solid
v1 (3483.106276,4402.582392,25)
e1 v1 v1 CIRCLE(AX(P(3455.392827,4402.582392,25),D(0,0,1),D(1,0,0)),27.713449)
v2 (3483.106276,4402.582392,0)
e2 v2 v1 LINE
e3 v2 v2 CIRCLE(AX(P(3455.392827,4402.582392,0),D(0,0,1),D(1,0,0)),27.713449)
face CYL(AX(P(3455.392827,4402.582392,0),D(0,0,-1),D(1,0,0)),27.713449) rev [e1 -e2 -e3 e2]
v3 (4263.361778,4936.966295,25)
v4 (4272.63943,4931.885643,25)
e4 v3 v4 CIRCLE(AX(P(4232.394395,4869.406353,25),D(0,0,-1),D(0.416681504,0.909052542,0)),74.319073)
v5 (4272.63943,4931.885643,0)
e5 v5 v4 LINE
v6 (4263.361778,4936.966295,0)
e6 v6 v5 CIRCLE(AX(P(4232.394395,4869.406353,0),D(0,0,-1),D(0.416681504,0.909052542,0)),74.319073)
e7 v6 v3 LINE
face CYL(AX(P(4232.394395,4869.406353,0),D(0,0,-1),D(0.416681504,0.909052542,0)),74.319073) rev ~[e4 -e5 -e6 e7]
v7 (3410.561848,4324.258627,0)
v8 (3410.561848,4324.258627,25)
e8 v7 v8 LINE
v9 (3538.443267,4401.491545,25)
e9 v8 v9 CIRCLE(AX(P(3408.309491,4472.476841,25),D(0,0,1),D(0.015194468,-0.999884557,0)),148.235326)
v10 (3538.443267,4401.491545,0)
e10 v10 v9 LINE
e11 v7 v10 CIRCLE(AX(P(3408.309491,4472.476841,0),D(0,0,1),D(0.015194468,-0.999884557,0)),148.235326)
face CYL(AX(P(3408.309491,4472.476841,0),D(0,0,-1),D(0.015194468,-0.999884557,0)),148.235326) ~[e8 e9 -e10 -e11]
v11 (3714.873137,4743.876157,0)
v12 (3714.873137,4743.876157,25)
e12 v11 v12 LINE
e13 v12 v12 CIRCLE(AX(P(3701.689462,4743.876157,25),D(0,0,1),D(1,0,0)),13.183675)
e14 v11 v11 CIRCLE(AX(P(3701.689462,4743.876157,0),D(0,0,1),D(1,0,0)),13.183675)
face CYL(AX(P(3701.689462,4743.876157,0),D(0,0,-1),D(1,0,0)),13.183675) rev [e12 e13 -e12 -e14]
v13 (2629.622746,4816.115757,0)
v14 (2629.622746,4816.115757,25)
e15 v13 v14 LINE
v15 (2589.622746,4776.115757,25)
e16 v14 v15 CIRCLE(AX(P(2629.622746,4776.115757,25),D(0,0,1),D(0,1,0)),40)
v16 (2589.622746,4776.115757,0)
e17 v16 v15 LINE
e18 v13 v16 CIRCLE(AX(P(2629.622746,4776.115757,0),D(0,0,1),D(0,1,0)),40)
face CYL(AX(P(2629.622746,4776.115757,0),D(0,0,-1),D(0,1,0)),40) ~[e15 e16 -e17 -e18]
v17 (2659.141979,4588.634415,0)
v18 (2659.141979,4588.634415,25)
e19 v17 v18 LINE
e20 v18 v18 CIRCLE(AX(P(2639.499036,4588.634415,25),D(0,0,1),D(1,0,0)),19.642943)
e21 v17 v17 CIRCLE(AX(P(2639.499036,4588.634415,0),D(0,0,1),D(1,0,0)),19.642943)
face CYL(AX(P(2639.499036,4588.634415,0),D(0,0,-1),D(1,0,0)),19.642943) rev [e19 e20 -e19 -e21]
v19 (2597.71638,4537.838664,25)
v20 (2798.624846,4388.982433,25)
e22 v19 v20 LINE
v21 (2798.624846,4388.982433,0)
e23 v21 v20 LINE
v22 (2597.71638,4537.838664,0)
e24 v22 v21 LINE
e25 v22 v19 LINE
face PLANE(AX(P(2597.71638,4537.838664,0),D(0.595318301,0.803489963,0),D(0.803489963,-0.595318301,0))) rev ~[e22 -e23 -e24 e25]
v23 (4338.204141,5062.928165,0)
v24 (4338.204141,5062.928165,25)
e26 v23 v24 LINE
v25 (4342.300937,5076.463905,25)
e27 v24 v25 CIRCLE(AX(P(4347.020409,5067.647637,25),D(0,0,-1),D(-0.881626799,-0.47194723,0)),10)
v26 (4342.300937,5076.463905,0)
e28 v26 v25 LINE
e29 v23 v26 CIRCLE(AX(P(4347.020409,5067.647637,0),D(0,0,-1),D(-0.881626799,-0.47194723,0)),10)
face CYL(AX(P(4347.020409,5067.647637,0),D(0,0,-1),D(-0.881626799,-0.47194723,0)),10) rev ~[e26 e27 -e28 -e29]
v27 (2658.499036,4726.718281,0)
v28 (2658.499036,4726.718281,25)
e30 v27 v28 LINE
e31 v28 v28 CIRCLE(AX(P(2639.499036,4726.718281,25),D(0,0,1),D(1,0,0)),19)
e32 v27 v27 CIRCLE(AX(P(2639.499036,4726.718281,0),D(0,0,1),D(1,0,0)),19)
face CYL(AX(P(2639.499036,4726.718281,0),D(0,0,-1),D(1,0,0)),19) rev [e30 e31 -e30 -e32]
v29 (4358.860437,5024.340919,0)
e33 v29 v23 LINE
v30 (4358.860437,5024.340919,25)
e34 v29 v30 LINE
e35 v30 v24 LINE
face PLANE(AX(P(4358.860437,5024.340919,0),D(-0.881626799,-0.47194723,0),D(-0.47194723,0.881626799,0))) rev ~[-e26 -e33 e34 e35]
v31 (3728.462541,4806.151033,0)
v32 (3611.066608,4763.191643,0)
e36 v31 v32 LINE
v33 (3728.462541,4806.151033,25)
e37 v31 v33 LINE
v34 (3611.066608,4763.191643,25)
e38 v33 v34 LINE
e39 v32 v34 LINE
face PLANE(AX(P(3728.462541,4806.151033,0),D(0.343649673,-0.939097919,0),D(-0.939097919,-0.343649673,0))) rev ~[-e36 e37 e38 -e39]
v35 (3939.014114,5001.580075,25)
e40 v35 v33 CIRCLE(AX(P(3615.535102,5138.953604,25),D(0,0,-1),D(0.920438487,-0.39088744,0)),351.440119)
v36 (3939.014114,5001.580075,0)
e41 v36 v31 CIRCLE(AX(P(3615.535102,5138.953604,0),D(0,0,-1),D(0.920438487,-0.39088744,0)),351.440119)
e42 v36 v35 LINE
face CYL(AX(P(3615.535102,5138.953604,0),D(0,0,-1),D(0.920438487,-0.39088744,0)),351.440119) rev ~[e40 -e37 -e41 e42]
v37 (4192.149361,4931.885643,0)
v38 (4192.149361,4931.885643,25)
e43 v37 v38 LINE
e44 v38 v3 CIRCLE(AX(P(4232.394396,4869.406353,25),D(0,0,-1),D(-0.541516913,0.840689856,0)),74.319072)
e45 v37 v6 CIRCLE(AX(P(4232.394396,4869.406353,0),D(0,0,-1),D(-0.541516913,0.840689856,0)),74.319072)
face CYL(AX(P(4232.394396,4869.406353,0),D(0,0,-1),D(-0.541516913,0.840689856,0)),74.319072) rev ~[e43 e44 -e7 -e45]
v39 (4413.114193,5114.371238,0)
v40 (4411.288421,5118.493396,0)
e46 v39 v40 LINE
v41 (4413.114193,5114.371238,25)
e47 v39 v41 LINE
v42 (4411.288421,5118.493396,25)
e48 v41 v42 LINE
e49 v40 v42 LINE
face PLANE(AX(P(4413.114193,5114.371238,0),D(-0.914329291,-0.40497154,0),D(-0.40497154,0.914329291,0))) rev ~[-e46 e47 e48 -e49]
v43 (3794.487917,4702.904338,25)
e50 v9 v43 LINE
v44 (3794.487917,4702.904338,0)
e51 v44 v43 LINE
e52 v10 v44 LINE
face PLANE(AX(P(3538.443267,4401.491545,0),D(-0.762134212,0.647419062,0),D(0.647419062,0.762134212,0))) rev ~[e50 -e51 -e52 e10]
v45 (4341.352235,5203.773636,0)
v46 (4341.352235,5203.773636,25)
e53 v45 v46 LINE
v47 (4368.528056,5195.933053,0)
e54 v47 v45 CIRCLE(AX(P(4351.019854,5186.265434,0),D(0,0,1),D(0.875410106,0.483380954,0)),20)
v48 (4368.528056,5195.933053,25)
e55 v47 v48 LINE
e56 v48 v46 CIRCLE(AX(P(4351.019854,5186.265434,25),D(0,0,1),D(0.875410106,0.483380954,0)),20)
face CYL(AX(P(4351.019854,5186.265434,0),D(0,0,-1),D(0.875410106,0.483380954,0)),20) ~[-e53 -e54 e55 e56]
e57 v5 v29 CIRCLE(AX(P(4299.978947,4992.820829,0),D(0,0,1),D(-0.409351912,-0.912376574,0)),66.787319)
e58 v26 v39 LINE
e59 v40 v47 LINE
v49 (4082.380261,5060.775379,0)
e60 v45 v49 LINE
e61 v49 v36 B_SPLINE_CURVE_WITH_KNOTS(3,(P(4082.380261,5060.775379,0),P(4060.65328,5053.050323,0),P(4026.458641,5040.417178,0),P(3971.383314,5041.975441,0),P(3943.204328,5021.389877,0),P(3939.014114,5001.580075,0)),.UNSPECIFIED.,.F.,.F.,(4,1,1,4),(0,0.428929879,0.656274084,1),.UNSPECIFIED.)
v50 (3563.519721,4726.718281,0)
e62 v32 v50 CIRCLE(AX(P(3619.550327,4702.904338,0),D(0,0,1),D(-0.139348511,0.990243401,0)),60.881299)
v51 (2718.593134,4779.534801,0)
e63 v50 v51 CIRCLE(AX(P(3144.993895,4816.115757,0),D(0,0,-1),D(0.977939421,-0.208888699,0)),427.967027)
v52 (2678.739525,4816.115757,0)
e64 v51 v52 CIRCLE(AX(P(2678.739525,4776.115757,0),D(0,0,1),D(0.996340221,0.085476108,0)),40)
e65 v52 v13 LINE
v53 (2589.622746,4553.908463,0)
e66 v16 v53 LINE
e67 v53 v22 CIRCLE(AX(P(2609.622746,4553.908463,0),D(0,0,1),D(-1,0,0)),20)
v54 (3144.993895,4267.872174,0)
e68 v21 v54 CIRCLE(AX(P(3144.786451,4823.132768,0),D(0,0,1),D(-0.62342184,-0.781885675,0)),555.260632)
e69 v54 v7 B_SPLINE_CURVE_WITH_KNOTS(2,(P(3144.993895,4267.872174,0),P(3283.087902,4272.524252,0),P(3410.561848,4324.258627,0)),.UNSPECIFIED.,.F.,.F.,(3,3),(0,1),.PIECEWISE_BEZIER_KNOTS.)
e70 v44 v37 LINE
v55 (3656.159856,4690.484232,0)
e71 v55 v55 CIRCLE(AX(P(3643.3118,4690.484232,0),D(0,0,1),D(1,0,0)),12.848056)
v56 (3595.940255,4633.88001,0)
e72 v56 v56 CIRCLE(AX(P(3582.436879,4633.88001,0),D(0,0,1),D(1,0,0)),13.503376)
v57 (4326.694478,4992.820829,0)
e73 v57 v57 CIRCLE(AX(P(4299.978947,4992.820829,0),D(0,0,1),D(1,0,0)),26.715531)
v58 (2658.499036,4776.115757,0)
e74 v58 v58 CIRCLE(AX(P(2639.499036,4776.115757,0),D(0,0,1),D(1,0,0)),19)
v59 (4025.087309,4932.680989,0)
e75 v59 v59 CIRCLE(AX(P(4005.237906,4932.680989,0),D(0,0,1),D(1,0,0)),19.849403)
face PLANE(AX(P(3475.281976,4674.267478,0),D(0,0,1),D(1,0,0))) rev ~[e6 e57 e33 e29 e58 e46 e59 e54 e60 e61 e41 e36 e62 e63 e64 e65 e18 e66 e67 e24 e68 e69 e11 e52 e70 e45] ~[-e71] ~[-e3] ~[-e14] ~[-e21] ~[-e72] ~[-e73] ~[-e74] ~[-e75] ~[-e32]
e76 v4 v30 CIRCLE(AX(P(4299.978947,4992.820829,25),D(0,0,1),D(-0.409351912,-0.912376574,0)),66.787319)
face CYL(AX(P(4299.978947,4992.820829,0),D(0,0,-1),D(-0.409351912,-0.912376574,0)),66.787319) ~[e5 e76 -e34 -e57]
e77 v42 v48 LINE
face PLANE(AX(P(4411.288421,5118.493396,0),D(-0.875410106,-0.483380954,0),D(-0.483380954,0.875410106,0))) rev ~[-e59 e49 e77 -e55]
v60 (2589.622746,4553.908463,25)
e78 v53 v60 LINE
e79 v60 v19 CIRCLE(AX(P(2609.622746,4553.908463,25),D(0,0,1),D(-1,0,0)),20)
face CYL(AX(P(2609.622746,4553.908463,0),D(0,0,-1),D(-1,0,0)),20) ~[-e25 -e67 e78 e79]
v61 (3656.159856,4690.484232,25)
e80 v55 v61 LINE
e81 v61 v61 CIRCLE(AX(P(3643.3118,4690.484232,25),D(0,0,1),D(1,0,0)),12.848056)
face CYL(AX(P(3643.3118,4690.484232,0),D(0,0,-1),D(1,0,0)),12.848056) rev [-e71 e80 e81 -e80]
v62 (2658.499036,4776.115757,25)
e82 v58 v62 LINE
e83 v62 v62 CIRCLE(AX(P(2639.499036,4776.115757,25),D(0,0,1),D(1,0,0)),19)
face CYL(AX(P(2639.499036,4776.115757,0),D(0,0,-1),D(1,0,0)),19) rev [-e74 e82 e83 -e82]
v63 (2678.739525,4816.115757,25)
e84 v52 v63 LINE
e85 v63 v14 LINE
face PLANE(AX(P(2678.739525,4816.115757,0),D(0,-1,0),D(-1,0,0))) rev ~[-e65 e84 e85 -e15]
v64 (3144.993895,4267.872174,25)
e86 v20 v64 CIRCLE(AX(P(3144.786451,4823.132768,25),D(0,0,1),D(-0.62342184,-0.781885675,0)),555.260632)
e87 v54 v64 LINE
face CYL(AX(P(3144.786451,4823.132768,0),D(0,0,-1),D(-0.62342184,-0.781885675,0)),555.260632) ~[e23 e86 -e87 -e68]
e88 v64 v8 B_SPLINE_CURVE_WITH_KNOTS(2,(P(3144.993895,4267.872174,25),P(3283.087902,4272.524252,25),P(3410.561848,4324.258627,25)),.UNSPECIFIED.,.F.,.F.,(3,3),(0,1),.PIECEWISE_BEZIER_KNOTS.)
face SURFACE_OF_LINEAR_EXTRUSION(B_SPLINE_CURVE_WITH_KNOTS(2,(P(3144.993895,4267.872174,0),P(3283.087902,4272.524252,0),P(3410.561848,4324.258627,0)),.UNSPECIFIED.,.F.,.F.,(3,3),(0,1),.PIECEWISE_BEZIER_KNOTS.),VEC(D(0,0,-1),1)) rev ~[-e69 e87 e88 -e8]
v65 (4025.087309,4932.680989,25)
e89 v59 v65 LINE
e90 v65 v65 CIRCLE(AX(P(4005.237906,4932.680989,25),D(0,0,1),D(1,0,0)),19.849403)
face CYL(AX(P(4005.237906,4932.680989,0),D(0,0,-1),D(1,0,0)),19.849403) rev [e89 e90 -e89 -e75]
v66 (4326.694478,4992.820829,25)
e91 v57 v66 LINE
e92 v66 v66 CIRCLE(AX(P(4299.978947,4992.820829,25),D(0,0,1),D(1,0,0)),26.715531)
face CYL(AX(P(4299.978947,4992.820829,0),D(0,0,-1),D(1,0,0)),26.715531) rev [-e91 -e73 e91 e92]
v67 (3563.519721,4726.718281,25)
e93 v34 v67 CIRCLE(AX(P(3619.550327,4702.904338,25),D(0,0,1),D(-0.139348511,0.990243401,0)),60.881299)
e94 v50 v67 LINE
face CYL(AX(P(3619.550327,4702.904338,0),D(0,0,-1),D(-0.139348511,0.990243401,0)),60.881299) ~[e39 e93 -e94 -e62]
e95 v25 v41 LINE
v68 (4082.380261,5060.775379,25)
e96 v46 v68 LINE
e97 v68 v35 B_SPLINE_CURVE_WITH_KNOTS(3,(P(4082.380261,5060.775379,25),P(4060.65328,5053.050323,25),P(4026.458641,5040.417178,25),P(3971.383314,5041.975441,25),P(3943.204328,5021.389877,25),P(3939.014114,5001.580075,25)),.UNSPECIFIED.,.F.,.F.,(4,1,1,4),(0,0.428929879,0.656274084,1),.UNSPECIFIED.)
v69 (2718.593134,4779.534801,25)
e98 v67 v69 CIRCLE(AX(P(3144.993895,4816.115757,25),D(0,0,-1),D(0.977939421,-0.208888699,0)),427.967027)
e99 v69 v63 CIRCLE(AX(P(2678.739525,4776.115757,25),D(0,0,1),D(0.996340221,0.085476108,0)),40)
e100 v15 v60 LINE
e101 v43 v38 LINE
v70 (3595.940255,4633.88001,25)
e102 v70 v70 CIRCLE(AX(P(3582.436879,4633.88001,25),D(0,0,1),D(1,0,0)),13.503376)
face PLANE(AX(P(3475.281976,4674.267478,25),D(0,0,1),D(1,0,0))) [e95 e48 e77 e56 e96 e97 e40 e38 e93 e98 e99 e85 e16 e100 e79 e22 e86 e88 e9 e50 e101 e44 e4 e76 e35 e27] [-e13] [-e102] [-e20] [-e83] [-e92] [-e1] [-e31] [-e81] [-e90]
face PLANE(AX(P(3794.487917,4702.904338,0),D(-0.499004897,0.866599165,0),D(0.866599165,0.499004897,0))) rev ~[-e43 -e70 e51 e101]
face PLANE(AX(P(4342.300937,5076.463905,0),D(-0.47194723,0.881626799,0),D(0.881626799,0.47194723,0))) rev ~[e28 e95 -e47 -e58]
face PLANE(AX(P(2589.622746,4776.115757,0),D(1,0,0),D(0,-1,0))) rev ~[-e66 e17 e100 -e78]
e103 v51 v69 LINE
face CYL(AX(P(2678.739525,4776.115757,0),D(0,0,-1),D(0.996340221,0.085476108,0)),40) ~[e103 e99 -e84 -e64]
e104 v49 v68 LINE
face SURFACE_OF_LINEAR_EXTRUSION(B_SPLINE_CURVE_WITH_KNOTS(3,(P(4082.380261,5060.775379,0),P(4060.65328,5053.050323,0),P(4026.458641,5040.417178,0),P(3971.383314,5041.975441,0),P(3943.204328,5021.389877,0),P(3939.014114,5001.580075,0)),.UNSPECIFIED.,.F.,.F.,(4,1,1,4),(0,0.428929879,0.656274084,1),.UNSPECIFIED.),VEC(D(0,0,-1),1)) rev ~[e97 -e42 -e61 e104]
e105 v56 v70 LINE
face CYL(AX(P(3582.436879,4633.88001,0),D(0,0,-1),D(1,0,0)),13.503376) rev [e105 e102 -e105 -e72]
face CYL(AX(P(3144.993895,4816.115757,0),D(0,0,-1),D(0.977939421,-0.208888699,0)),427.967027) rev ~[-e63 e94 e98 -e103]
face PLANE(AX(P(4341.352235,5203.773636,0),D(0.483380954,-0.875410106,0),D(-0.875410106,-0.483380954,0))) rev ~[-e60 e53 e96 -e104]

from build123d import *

# Parameters (mm, degrees)
ESBO_O1_R                = 27.71344859
ESBO_O1_R_2              = 19.642943244
ESBO_O1_R_3              = 19
ESBO_O1_R_4              = 13.503376128
ESBO_O1_R_5              = 12.848056377
ESBO_O1_R_6              = 13.183675058
ESBO_O1_R_7              = 19.84940304
ESBO_O1_R_8              = 26.715530758
RESSALTO_EXTRUS_O1_DEPTH = 25


with BuildPart() as part:
    # Esboço1 → Ressalto-extrusão1 (new body)
    with BuildSketch(Plane.XY):
        with BuildLine():
            Line((4413.114192809, 5114.37123775), (4411.288420867, 5118.493395975))
            Line((4411.288420867, 5118.493395975), (4368.528056031, 5195.933053436))
            ThreePointArc((4368.528056031, 5195.933053436), (4356.563983348, 5205.481641807), (4341.352234835, 5203.77363647))
            Line((4341.352234835, 5203.77363647), (4082.380260599, 5060.775378681))
            add(Edge.make_bspline(
                [(4082.380260599, 5060.775378681), (4060.653279964, 5053.050323004), (4026.458640538, 5040.417178177), (3971.383313993, 5041.975441307), (3943.204327614, 5021.389877069), (3939.014113572, 5001.580075286)],
                knots=[0, 0, 0, 0, 0.428929879, 0.656274084, 1, 1, 1, 1], degree=3))
            ThreePointArc((3939.014113572, 5001.580075286), (3854.618299216, 4881.369865741), (3728.462541381, 4806.151033491))
            Line((3728.462541381, 4806.151033491), (3611.066608375, 4763.191643283))
            ThreePointArc((3611.066608375, 4763.191643283), (3582.494949017, 4751.209944567), (3563.519721499, 4726.718281428))
            ThreePointArc((3563.519721499, 4726.718281428), (3118.29371103, 4388.982433408), (2718.593133711, 4779.534801123))
            ThreePointArc((2718.593133711, 4779.534801123), (2705.787983512, 4805.584059889), (2678.739524891, 4816.115756812))
            Line((2678.739524891, 4816.115756812), (2629.622746024, 4816.115756812))
            ThreePointArc((2629.622746024, 4816.115756812), (2601.338474777, 4804.400028059), (2589.622746024, 4776.115756812))
            Line((2589.622746024, 4776.115756812), (2589.622746024, 4553.908462806))
            ThreePointArc((2589.622746024, 4553.908462806), (2591.760392869, 4544.912000181), (2597.716380001, 4537.838663551))
            Line((2597.716380001, 4537.838663551), (2798.624846243, 4388.982433408))
            ThreePointArc((2798.624846243, 4388.982433408), (2961.516175194, 4298.989299254), (3144.993895299, 4267.872174271))
            add(Edge.make_bspline(
                [(3144.993895299, 4267.872174271), (3283.087901646, 4272.524252265), (3410.561847837, 4324.25862746)],
                knots=[0, 0, 0, 1, 1, 1], degree=2))
            ThreePointArc((3410.561847837, 4324.25862746), (3484.943379958, 4345.587286722), (3538.443267038, 4401.491545139))
            Line((3538.443267038, 4401.491545139), (3794.487917499, 4702.904338366))
            Line((3794.487917499, 4702.904338366), (4192.149360938, 4931.885643495))
            ThreePointArc((4192.149360938, 4931.885643495), (4227.105543109, 4943.536998483), (4263.361778436, 4936.966294947))
            ThreePointArc((4263.361778436, 4936.966294947), (4268.091109103, 4934.591237745), (4272.639430224, 4931.885643495))
            ThreePointArc((4272.639430224, 4931.885643495), (4348.822764296, 4947.270554666), (4358.86043695, 5024.340918684))
            Line((4358.86043695, 5024.340918684), (4338.204141009, 5062.928165106))
            ThreePointArc((4338.204141009, 5062.928165106), (4337.44919525, 5070.544509417), (4342.300936695, 5076.463905392))
            Line((4342.300936695, 5076.463905392), (4413.114192809, 5114.37123775))
        make_face()
        with Locations((3455.392827489, 4402.582392469)):
            Circle(ESBO_O1_R, mode=Mode.SUBTRACT)
        with Locations((2639.499035595, 4588.634415219)):
            Circle(ESBO_O1_R_2, mode=Mode.SUBTRACT)
        with Locations((2639.499035595, 4726.718281428)):
            Circle(ESBO_O1_R_3, mode=Mode.SUBTRACT)
        with Locations((3582.436878638, 4633.880010415)):
            Circle(ESBO_O1_R_4, mode=Mode.SUBTRACT)
        with Locations((3643.311799709, 4690.484232349)):
            Circle(ESBO_O1_R_5, mode=Mode.SUBTRACT)
        with Locations((2639.499035595, 4776.115756812)):
            Circle(ESBO_O1_R_3, mode=Mode.SUBTRACT)
        with Locations((3701.689462413, 4743.876157041)):
            Circle(ESBO_O1_R_6, mode=Mode.SUBTRACT)
        with Locations((4005.237906418, 4932.680988887)):
            Circle(ESBO_O1_R_7, mode=Mode.SUBTRACT)
        with Locations((4299.978946887, 4992.820828576)):
            Circle(ESBO_O1_R_8, mode=Mode.SUBTRACT)
    extrude(amount=RESSALTO_EXTRUS_O1_DEPTH)


solid = part.part
